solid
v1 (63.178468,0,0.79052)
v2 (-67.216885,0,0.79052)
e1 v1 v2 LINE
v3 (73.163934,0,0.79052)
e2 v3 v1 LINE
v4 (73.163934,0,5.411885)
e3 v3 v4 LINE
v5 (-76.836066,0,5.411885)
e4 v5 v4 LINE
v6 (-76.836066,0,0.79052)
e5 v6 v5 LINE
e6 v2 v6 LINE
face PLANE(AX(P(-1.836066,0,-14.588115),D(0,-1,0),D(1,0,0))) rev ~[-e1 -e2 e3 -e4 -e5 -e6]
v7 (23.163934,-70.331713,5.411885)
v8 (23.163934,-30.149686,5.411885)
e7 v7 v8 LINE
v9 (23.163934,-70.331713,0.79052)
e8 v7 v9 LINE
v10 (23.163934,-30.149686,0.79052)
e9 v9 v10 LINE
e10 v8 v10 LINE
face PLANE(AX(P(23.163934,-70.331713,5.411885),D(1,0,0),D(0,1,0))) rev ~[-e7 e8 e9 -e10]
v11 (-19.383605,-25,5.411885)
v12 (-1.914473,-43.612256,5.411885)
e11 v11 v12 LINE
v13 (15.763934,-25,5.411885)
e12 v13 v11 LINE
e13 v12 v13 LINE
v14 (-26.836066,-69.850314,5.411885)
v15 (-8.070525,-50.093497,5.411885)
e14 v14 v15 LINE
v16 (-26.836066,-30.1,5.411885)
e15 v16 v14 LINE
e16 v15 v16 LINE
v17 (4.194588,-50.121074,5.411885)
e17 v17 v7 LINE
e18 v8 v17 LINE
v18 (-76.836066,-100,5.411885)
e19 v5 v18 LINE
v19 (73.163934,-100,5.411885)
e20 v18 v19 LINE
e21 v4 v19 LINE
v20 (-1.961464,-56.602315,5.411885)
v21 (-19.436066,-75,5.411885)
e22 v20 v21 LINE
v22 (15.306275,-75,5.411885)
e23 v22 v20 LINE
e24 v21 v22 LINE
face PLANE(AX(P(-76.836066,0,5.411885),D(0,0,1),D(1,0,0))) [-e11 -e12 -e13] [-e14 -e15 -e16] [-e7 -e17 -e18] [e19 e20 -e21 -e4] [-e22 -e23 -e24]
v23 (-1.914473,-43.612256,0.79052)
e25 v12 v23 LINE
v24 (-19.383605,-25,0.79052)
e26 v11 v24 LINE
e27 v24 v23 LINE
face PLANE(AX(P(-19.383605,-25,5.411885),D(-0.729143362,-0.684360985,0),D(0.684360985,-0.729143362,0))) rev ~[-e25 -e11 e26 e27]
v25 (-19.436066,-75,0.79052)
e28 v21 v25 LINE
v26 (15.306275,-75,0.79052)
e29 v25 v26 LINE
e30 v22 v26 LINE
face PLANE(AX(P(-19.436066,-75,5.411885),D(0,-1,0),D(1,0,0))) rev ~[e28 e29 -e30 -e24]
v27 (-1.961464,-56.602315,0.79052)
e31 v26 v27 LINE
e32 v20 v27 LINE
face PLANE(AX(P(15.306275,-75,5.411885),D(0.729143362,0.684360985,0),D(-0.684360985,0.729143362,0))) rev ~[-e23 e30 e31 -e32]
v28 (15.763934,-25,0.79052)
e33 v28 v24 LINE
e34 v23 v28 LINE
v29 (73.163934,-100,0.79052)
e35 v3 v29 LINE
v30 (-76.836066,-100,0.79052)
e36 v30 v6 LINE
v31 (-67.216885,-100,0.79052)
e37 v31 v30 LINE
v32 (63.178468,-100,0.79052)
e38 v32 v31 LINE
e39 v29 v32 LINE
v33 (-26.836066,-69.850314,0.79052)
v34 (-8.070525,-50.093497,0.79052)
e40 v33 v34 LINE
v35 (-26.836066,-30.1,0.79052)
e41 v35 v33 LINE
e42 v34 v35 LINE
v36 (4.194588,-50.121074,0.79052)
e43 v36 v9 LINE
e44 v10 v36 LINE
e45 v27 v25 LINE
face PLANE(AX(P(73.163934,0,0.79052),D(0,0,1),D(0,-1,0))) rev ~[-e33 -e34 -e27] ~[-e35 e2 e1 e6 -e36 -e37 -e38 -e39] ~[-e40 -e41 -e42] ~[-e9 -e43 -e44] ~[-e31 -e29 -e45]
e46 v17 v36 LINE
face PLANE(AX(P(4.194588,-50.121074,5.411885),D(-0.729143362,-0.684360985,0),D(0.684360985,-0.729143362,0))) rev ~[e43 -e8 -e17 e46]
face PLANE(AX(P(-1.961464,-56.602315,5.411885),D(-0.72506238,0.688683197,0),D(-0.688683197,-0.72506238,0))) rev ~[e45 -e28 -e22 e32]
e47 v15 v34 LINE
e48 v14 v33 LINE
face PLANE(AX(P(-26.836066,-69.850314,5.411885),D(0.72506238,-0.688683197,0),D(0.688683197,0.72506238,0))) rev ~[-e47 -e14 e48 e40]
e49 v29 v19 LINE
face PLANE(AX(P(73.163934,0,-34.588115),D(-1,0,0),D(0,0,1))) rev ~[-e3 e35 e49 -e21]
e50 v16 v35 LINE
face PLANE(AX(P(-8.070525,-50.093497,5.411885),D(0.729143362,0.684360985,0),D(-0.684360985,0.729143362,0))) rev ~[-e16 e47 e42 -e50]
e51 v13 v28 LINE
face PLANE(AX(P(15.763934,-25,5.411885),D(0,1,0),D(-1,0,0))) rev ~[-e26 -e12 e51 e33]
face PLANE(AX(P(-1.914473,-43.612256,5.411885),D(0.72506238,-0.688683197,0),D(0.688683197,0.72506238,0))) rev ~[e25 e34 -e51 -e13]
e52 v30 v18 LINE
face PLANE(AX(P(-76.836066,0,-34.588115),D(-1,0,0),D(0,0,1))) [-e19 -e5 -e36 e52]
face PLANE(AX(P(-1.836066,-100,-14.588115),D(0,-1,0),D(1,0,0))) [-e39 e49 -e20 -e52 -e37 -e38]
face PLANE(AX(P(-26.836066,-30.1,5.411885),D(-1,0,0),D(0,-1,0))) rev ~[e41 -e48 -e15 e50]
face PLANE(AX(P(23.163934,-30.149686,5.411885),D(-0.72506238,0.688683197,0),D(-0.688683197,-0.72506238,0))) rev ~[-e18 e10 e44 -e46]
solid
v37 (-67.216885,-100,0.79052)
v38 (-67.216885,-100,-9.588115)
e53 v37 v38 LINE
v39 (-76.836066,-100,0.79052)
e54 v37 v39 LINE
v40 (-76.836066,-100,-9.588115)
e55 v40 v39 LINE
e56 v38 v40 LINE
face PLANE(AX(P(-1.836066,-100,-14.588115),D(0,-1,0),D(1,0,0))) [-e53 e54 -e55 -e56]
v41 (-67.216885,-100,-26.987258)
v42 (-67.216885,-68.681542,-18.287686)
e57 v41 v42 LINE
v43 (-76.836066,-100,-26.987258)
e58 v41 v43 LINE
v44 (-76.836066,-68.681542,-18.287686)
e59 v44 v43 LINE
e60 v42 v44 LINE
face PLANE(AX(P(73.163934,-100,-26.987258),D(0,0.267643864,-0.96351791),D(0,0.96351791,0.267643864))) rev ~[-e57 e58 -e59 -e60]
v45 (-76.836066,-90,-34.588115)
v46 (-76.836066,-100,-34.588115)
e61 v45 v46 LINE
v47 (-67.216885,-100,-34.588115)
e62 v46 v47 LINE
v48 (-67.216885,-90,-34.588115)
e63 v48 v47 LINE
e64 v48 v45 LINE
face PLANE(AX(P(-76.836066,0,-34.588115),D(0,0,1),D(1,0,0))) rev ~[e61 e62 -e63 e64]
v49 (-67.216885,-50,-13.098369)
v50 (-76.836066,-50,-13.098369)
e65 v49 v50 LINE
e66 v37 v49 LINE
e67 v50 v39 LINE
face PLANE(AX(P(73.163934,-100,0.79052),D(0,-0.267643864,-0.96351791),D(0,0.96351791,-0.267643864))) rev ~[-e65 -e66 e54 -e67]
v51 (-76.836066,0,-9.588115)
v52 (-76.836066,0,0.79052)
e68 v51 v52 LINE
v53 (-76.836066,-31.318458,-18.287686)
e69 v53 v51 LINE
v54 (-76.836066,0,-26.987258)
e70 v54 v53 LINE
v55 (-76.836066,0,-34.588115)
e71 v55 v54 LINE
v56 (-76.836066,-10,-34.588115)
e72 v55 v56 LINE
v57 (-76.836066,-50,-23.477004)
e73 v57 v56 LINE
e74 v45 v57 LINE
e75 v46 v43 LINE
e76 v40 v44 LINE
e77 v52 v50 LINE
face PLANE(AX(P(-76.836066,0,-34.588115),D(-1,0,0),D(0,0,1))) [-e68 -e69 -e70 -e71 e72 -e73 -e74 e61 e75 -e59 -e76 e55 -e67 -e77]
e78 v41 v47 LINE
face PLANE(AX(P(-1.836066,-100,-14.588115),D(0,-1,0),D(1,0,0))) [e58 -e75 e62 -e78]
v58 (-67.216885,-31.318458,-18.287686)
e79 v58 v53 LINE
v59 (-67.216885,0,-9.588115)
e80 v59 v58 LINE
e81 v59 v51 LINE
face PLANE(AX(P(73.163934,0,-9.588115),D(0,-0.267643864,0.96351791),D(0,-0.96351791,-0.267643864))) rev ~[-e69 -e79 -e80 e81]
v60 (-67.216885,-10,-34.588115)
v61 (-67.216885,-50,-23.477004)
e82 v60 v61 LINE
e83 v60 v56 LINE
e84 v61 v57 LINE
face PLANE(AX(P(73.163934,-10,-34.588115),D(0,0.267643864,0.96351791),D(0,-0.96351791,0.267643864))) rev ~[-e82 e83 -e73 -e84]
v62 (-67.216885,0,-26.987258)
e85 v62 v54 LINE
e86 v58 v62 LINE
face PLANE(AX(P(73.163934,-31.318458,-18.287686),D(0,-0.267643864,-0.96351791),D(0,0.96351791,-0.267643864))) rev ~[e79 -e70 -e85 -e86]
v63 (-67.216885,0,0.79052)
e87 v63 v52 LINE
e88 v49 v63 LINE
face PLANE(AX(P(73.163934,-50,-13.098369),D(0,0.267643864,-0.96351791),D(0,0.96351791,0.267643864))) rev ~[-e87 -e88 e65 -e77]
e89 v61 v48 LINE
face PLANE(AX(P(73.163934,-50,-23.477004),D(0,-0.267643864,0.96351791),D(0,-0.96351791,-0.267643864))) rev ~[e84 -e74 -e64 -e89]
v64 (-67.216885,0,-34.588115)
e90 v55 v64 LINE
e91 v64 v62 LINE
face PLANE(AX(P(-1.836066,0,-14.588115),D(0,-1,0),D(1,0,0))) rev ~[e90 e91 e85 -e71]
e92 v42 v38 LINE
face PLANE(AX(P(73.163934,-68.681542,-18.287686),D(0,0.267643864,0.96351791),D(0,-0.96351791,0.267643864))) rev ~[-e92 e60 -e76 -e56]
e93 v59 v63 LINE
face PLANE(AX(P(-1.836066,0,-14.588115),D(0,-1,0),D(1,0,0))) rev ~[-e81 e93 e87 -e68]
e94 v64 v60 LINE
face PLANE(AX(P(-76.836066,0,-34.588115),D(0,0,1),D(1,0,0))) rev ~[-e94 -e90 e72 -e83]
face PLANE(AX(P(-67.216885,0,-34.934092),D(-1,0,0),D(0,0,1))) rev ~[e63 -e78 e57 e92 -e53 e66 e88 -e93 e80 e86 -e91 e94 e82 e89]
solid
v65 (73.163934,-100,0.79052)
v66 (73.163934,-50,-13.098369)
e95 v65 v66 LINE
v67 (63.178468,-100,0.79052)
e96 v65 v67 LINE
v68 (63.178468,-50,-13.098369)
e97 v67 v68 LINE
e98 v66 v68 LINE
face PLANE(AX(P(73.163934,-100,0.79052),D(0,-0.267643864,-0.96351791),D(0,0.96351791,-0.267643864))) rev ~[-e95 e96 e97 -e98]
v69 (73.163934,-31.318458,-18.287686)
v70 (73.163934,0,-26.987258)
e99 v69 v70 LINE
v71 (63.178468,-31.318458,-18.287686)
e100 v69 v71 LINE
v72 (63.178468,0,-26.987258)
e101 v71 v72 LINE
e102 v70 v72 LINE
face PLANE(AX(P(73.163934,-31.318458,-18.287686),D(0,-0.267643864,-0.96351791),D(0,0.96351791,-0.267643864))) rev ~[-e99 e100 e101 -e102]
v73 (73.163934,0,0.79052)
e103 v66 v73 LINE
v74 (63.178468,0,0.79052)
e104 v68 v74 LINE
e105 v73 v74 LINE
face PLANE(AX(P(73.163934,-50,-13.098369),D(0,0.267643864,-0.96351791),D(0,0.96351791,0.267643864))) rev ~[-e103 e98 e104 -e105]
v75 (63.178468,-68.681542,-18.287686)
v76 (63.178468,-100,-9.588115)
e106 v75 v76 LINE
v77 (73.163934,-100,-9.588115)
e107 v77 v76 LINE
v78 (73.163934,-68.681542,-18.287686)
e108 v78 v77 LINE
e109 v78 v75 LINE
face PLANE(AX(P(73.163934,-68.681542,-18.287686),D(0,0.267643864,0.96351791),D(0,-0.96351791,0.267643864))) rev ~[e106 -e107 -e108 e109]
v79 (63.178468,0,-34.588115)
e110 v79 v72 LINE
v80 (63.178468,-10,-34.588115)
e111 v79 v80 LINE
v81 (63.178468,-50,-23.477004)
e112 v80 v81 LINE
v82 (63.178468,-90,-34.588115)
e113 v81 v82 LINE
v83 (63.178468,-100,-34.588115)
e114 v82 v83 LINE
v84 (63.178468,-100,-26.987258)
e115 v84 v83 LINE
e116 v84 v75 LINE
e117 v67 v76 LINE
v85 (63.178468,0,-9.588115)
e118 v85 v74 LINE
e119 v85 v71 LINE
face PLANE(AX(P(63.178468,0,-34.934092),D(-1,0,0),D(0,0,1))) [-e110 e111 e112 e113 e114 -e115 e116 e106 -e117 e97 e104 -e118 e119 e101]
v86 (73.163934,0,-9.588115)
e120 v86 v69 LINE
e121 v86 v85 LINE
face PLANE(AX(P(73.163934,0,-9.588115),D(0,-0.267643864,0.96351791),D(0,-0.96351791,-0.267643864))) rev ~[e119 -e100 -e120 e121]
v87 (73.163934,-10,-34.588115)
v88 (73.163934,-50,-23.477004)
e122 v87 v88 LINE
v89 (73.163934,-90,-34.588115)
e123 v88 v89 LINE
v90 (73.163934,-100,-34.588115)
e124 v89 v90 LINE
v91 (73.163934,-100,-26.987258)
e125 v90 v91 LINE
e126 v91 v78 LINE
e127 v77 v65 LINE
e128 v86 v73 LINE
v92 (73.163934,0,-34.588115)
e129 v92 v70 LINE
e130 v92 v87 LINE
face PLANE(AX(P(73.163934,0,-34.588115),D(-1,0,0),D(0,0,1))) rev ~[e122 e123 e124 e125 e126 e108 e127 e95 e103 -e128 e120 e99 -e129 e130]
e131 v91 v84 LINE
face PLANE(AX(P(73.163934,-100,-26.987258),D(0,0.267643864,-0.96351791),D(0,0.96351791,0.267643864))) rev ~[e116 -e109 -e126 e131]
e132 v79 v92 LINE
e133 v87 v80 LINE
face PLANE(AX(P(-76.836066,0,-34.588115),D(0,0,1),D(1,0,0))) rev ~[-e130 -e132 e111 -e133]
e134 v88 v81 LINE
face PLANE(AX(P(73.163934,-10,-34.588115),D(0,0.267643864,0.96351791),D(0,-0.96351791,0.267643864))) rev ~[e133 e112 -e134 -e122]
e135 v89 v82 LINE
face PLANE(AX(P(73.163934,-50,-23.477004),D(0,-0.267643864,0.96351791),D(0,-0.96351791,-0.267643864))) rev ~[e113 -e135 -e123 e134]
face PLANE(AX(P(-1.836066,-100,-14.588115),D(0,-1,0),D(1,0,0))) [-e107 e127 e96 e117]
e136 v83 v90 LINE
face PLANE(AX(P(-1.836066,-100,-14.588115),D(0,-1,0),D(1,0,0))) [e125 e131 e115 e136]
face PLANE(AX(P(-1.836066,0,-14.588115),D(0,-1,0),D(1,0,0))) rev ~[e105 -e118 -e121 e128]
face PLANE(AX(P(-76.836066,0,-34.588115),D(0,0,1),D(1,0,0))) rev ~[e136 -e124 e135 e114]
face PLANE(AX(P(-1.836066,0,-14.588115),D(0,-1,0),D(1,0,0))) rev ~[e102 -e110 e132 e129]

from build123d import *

# Parameters (mm, degrees)
F0_W     = 1500
F0_H     = 400
F1_DEPTH = 1000
F3_DEPTH = 1500.001
F5_W     = 1303.9535284042
F5_H     = 357.2461120359
F6_DEPTH = 1000.001
F8_DEPTH = 400.001
F9_SCALE = 0.1


with BuildPart() as f1:
    # F0 (on Front) → F1 (new body)
    with BuildSketch(Plane.XZ):
        with Locations((-18.3606576174, -145.8811463788)):
            Rectangle(F0_W, F0_H)
    extrude(amount=F1_DEPTH)

    # F2 (on face) → F3 (cut, through all)
    with BuildSketch(Plane.YZ.offset(731.6393423826)):
        Polygon((-1000, 7.905196356), (-500, -130.9836925329), (0, 7.905196356), align=None)
        Polygon((-500, -234.7700352677), (-900, -345.8811463788), (-100, -345.8811463788), align=None)
        Polygon((0, -95.8811463788), (-313.1845830773, -182.8768639003), (0, -269.8725814218), align=None)
        Polygon((-1000, -269.8725814218), (-686.8154169227, -182.8768639003), (-1000, -95.8811463788), align=None)
    extrude(amount=-F3_DEPTH, mode=Mode.SUBTRACT)

    # F5 (on face) → F6 (cut, through all)
    with BuildSketch(Plane(origin=(0, 0, 0), x_dir=(-1, 0, 0), z_dir=(0, 1, 0))):
        with Locations((20.1920866966, -170.717859662)):
            Rectangle(F5_W, F5_H)
    extrude(amount=-F6_DEPTH, mode=Mode.SUBTRACT)

    # F7 (on face) → F8 (cut, through all)
    with BuildSketch(Plane.XY.offset(54.1188536212)):
        Polygon((231.6393423826, -703.3171292919), (231.6393423826, -301.4968633652), (41.9458825629, -501.2107406615), align=None)
        Polygon((153.0627522819, -750), (-19.6146414143, -566.0231540339), (-194.3606576174, -750), align=None)
        Polygon((-268.3606576174, -698.5031366348), (-80.7052512791, -500.9349714958), (-268.3606576174, -301), align=None)
        Polygon((-19.144727302, -436.1225581235), (157.6393423826, -250), (-193.8360482454, -250), align=None)
    extrude(amount=-F8_DEPTH, mode=Mode.SUBTRACT)


with BuildPart() as f1_1:
    # F9: moved
    add(f1.part.scale(F9_SCALE))


solid = f1_1.part
